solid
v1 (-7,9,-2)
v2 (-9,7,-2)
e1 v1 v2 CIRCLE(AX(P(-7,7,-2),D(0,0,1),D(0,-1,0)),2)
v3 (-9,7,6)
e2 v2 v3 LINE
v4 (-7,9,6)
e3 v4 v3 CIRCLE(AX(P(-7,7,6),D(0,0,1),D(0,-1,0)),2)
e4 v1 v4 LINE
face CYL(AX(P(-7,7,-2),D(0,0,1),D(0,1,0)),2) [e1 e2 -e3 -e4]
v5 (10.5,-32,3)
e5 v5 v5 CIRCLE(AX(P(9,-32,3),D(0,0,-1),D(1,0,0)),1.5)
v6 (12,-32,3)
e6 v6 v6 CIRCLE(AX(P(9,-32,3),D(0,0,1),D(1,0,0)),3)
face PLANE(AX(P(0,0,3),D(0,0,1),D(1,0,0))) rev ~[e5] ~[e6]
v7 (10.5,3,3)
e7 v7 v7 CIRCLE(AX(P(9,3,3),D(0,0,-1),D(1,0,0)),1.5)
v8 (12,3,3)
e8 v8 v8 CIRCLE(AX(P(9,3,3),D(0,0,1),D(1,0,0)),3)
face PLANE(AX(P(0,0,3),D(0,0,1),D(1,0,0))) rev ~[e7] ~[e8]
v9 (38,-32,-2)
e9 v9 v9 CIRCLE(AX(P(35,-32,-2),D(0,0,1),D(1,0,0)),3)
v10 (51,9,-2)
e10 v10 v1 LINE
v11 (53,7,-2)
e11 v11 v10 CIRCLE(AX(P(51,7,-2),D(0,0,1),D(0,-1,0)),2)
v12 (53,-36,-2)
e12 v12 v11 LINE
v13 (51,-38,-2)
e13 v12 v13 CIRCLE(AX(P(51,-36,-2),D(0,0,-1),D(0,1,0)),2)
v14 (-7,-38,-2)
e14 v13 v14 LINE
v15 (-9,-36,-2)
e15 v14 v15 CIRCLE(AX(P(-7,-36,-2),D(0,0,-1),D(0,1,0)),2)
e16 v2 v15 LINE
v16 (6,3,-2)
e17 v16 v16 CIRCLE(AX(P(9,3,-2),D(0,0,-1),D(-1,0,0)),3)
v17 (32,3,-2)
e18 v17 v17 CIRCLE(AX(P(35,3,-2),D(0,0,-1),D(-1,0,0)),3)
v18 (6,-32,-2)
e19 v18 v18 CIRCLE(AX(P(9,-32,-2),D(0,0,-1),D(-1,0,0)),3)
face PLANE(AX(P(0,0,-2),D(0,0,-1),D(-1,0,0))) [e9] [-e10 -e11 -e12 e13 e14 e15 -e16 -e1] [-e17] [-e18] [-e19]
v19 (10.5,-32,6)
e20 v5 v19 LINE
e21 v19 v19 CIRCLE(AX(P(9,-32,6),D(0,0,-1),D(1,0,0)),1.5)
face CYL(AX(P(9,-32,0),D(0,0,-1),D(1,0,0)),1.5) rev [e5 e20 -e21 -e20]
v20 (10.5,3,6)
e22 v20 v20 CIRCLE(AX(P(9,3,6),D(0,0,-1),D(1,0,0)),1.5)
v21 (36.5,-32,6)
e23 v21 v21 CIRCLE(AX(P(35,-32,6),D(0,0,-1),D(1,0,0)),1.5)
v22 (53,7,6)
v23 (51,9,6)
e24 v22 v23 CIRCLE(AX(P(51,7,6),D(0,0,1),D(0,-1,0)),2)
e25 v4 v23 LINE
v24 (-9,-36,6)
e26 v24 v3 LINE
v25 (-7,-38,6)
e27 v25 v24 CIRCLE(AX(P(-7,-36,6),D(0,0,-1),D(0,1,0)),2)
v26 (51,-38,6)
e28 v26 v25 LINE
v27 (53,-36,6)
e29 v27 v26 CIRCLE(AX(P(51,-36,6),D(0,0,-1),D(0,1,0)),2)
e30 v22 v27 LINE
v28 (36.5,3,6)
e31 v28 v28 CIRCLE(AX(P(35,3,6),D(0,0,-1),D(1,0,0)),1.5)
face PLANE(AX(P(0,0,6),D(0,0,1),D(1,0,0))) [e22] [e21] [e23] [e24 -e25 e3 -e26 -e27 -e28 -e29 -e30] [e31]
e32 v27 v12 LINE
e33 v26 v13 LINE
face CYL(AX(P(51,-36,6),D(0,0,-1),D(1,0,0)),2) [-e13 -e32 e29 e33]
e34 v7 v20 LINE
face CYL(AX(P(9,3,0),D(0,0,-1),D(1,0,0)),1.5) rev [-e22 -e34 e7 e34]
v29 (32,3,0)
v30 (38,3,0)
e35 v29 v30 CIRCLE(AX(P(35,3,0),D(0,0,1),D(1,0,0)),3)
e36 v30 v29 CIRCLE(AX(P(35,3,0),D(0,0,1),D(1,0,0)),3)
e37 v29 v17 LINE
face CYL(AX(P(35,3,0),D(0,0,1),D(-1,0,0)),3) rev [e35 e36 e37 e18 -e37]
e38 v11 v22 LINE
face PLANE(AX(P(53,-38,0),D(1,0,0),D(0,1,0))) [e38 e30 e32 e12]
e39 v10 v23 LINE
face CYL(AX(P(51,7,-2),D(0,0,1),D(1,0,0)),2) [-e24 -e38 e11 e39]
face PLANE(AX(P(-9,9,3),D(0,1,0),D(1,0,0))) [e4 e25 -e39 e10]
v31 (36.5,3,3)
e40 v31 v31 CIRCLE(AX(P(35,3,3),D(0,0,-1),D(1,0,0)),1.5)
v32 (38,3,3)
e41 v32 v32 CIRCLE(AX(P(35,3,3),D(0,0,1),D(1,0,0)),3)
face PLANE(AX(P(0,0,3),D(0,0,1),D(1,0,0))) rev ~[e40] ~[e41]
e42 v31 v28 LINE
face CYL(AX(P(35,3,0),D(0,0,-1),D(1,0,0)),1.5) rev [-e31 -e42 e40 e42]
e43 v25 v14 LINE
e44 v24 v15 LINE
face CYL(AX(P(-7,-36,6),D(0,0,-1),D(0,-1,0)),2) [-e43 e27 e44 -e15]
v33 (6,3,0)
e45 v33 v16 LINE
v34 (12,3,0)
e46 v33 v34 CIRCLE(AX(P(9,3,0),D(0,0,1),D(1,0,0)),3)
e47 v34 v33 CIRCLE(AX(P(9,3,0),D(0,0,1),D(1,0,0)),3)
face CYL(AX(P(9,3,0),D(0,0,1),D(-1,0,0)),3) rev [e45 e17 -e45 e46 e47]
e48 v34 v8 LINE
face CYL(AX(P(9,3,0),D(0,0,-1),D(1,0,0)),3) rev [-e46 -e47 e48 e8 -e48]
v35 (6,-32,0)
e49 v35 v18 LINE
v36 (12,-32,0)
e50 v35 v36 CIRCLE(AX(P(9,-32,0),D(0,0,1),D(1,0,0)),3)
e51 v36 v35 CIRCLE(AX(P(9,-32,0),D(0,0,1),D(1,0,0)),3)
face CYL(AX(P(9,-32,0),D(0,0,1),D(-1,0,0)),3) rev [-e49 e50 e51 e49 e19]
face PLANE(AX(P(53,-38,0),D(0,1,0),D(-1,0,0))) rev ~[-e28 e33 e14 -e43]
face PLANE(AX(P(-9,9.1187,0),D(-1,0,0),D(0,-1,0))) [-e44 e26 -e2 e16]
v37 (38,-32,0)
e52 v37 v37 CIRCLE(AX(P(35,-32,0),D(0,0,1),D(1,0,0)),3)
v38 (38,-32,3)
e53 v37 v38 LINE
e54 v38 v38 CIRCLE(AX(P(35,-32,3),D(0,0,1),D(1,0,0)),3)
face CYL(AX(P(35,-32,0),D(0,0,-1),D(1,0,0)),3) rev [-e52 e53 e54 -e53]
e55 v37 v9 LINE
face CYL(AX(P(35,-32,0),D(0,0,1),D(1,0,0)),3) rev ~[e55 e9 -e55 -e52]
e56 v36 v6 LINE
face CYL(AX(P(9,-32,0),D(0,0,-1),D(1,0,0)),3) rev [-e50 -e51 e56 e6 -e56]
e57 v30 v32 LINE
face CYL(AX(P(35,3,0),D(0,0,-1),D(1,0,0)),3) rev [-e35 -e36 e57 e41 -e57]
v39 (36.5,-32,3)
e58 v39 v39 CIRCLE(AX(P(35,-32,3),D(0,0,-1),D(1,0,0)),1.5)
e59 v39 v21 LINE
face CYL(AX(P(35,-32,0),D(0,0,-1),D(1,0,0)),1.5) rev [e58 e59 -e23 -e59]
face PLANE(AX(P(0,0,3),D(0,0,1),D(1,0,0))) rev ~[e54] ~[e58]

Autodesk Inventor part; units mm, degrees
ref_plane "YZ Plane" through (0, 0, 0) normal (1, 0, 0) x (0, 1, 0)
ref_plane "XZ Plane" through (0, 0, 0) normal (0, 1, 0) x (-1, 0, 0)
ref_plane "XY Plane" through (0, 0, 0) normal (0, 0, 1) x (1, 0, 0)
sketch "Sketch9" plane through (0, 0, 0) normal (0, 0, 1) x (1, 0, 0)
  line L0 (44, 0) -> (44, -29)
  line L1 (0, -29) -> (0, 0)
  line L2 (44, 0) -> (38, 0)
  line L3 (0, -29) -> (6, -29)
  circle A0 centre (9, -32) radius 1.5
  circle A1 centre (35, -32) radius 1.5
  circle A2 centre (35, 3) radius 1.5
  circle A3 centre (9, 3) radius 1.5
  line L4 (0, 0) -> (0, 10)
  line L5 (0, 10) -> (-10, 10)
  line L6 (44, -29) -> (54, -29)
  line L7 (54, -29) -> (54, -39)
  line L8 (-10, 10) -> (54, 10)
  line L9 (54, 10) -> (54, -39)
  line L10 (54, -39) -> (-10, -39)
  line L11 (-10, -39) -> (-10, 10)
  line L12 (-10, 10) -> (-10, 13)
  line L13 (-10, 13) -> (-13, 13)
  line L14 (54, -39) -> (54, -42)
  line L15 (54, -42) -> (57, -42)
  line L16 (57, -42) -> (-13, -42)
  line L17 (-13, -42) -> (-13, 13)
  line L18 (-13, 13) -> (57, 13)
  line L19 (57, 13) -> (57, -42)
  circle A4 centre (9, 3) radius 3
  circle A5 centre (35, 3) radius 3
  circle A6 centre (35, -32) radius 3
  circle A7 centre (9, -32) radius 3
  dimension "d22" = 3
  dimension "d23" = 3
  dimension "d24" = 3
  dimension "d25" = 3
  dimension "d26" = 6
  dimension "d27" = 6
  dimension "d29" = 6
  dimension "d30" = 6
extrude "Extrusion1" add sketch "Sketch9" along normal blind 3 contours L8 L9 L7 L10 L11 L5 | L5 L12 L18 L19 L15 L14 L7 L9 L8 | L11 L10 L14 L16 L17 L13 L12
sketch "Sketch10" plane through (0, 0, 3) normal (0, 0, 1) x (1, 0, 0)
  line L0 (57, -42) -> (57, 13) projected
  line L1 (57, 11) -> (57, 10)
  line L2 (57, 13) -> (-13, 13) projected
  line L3 (55, 13) -> (54, 13)
  line L4 (54, 13) -> (54, 10)
  line L5 (57, 10) -> (57, 9)
  line L6 (54, 13) -> (53, 13)
  line L7 (53, 13) -> (53, 9)
  line L8 (-13, 13) -> (-13, -42) projected
  line L9 (-13, -40) -> (-13, -38)
  arc A0 (-13, -40) -> (-11, -42) centre (-11, -40) ccw projected
  line L10 (-11, -42) -> (-9, -42)
  line L11 (-13, -38) -> (-9, -38)
  line L12 (-9, -38) -> (-9, -42)
  line L13 (-9, -42) -> (-13, -42)
  line L14 (-13, -42) -> (-13, -38)
  line L15 (-9, -38) -> (53, -38)
  line L16 (53, -38) -> (53, 9)
  line L17 (53, 9) -> (-9, 9)
  line L18 (-9, 9) -> (-9, -38)
  line L19 (-13, -38) -> (-9, -38)
  line L20 (-9, -38) -> (-9, -42)
  line L21 (-9, -42) -> (-13, -42)
  line L22 (-13, -42) -> (-13, -38)
  line L23 (-9, 9) -> (53, 9)
  line L24 (53, 9) -> (53, -38)
  line L25 (53, -38) -> (-9, -38)
  line L26 (-9, -38) -> (-9, 9)
  line L27 (-13.4447, 13.4817) -> (58.1663, 13.4817)
  line L28 (58.1663, 13.4817) -> (58.1663, -42.7185)
  line L29 (58.1663, -42.7185) -> (-13.4447, -42.7185)
  line L30 (-13.4447, -42.7185) -> (-13.4447, 13.4817)
  line L31 (-9, 9) -> (53, 9)
  line L32 (53, 9) -> (53, -38)
  line L33 (53, -38) -> (-9, -38)
  line L34 (-9, -38) -> (-9, 9)
  line L35 (-14.6617, 14.1825) -> (60.6079, 14.1825)
  line L36 (60.6079, 14.1825) -> (60.6079, -44.8629)
  line L37 (60.6079, -44.8629) -> (-14.6617, -44.8629)
  line L38 (-14.6617, -44.8629) -> (-14.6617, 14.1825)
  point P0 (0, 0)
  point P1 (57, -40)
  point P2 (-11, 13)
  point P3 (-13, 11)
  point P4 (-13, -40)
  point P5 (-13, -40)
  dimension "d36" = 1
  dimension "d37" = 1
  dimension "d38" = 1
  dimension "d39" = 1
  dimension "d40" = 2
  dimension "d41" = 2
extrude "Extrusion4" cut sketch "Sketch10" against normal blind 6 contours L7 L17 L18 L11 L8 L2 | L11 L12 L10 A0 L8 | L27 L28 L29 L30
sketch "Sketch27" plane through (0, 0, 3) normal (0, 0, 1) x (1, 0, 0)
  point P0 (0, 0)
sketch "Sketch28" plane through (0, 0, 3) normal (0, 0, 1) x (1, 0, 0)
  line L0 (-9, 9) -> (53, 9)
  line L1 (53, 9) -> (53, -38)
  line L2 (53, -38) -> (-9, -38)
  line L3 (-9, -38) -> (-9, 9)
  point P0 (0, 0)
extrude "Extrusion7" add sketch "Sketch28" along normal blind 3
extrude "Extrusion8" cut sketch "Sketch9" against normal blind 6 contours A0 | A1 | A2 | A3
extrude "Extrusion9" cut sketch "Sketch9" along normal blind 82.9 contours A0 | A1 | A2 | A3
sketch "Sketch29" plane through (0, 0, 0) normal (0, 0, -1) x (-1, 0, 0)
  line L0 (17.5138, -45.6881) -> (10.4067, -45.6881)
  line L1 (10.4067, -45.6881) -> (10.4067, -38.0734)
  line L2 (10.4067, -38.0734) -> (17.5138, -38.0734)
  line L3 (17.5138, -38.0734) -> (17.5138, -45.6881)
  point P0 (0, 0)
extrude "Extrusion10" cut sketch "Sketch29" against normal blind 25.05
sketch "Sketch30" plane through (0, 0, 0) normal (0, 0, -1) x (-1, 0, 0)
  line L0 (-53, -38) -> (9, -38) projected
  line L1 (9, -38) -> (-53, -38)
  line L2 (-53, -38) -> (-53, 9.1187)
  line L3 (-53, 9.1187) -> (9, 9.1187)
  line L4 (9, 9.1187) -> (9, -38)
  point P0 (0, 0)
sketch "Sketch31" plane through (0, 0, 0) normal (0, 0, -1) x (-1, 0, 0)
  circle A0 centre (-9, -32) radius 3 projected
  circle A1 centre (-9, -32) radius 4
  circle A2 centre (-35, -32) radius 1.5 projected
  circle A3 centre (-9, 3) radius 3 projected
  circle A4 centre (-9, 3) radius 4
  circle A5 centre (-35, 3) radius 3 projected
  circle A6 centre (-35, 3) radius 4
  point P0 (0, 0)
extrude "Extrusion11" add sketch "Sketch30" along normal blind 2
extrude "Extrusion12" cut sketch "Sketch31" along normal blind 2 contours A0 | A3 | A5
sketch "Sketch32" plane through (0, 0, -2) normal (0, 0, -1) x (-1, 0, 0)
  point P0 (0, 0)
extrude "Extrusion14" cut sketch "Sketch31" along normal blind 8 contours A2
extrude "Extrusion15" cut sketch "Sketch9" against normal blind 4 contours A1 | A6
sketch "Sketch34" plane through (0, 0, -2) normal (0, 0, -1) x (-1, 0, 0)
  point P0 (0, 0)
sketch "Sketch35" plane through (0, 0, -2) normal (0, 0, -1) x (-1, 0, 0)
  line L0 (-53, -38) -> (-53, 9) projected
  line L1 (9, -38) -> (-53, -38)
  line L2 (-53, -38) -> (-53, 9)
  line L3 (-53, 9) -> (9, 9)
  line L4 (9, 9) -> (9, -38)
  line L5 (9, 9.1187) -> (-53, 9.1187) projected
  line L6 (9, 9) -> (-53, 9)
  line L7 (-53, 9) -> (-53, 9.1187)
  line L8 (-53, 9.1187) -> (9, 9.1187)
  line L9 (9, 9.1187) -> (9, 9)
  point P0 (0, 0)
extrude "Extrusion16" cut sketch "Sketch35" against normal blind 4 contours L7 L5 L9 L3
fillet "Fillet4" radius 2 4 edges at (-9, -38, 2) (53, -38, 2) (53, 9, 2) (-9, 9, 2)
properties part number "uchwyt_2"
